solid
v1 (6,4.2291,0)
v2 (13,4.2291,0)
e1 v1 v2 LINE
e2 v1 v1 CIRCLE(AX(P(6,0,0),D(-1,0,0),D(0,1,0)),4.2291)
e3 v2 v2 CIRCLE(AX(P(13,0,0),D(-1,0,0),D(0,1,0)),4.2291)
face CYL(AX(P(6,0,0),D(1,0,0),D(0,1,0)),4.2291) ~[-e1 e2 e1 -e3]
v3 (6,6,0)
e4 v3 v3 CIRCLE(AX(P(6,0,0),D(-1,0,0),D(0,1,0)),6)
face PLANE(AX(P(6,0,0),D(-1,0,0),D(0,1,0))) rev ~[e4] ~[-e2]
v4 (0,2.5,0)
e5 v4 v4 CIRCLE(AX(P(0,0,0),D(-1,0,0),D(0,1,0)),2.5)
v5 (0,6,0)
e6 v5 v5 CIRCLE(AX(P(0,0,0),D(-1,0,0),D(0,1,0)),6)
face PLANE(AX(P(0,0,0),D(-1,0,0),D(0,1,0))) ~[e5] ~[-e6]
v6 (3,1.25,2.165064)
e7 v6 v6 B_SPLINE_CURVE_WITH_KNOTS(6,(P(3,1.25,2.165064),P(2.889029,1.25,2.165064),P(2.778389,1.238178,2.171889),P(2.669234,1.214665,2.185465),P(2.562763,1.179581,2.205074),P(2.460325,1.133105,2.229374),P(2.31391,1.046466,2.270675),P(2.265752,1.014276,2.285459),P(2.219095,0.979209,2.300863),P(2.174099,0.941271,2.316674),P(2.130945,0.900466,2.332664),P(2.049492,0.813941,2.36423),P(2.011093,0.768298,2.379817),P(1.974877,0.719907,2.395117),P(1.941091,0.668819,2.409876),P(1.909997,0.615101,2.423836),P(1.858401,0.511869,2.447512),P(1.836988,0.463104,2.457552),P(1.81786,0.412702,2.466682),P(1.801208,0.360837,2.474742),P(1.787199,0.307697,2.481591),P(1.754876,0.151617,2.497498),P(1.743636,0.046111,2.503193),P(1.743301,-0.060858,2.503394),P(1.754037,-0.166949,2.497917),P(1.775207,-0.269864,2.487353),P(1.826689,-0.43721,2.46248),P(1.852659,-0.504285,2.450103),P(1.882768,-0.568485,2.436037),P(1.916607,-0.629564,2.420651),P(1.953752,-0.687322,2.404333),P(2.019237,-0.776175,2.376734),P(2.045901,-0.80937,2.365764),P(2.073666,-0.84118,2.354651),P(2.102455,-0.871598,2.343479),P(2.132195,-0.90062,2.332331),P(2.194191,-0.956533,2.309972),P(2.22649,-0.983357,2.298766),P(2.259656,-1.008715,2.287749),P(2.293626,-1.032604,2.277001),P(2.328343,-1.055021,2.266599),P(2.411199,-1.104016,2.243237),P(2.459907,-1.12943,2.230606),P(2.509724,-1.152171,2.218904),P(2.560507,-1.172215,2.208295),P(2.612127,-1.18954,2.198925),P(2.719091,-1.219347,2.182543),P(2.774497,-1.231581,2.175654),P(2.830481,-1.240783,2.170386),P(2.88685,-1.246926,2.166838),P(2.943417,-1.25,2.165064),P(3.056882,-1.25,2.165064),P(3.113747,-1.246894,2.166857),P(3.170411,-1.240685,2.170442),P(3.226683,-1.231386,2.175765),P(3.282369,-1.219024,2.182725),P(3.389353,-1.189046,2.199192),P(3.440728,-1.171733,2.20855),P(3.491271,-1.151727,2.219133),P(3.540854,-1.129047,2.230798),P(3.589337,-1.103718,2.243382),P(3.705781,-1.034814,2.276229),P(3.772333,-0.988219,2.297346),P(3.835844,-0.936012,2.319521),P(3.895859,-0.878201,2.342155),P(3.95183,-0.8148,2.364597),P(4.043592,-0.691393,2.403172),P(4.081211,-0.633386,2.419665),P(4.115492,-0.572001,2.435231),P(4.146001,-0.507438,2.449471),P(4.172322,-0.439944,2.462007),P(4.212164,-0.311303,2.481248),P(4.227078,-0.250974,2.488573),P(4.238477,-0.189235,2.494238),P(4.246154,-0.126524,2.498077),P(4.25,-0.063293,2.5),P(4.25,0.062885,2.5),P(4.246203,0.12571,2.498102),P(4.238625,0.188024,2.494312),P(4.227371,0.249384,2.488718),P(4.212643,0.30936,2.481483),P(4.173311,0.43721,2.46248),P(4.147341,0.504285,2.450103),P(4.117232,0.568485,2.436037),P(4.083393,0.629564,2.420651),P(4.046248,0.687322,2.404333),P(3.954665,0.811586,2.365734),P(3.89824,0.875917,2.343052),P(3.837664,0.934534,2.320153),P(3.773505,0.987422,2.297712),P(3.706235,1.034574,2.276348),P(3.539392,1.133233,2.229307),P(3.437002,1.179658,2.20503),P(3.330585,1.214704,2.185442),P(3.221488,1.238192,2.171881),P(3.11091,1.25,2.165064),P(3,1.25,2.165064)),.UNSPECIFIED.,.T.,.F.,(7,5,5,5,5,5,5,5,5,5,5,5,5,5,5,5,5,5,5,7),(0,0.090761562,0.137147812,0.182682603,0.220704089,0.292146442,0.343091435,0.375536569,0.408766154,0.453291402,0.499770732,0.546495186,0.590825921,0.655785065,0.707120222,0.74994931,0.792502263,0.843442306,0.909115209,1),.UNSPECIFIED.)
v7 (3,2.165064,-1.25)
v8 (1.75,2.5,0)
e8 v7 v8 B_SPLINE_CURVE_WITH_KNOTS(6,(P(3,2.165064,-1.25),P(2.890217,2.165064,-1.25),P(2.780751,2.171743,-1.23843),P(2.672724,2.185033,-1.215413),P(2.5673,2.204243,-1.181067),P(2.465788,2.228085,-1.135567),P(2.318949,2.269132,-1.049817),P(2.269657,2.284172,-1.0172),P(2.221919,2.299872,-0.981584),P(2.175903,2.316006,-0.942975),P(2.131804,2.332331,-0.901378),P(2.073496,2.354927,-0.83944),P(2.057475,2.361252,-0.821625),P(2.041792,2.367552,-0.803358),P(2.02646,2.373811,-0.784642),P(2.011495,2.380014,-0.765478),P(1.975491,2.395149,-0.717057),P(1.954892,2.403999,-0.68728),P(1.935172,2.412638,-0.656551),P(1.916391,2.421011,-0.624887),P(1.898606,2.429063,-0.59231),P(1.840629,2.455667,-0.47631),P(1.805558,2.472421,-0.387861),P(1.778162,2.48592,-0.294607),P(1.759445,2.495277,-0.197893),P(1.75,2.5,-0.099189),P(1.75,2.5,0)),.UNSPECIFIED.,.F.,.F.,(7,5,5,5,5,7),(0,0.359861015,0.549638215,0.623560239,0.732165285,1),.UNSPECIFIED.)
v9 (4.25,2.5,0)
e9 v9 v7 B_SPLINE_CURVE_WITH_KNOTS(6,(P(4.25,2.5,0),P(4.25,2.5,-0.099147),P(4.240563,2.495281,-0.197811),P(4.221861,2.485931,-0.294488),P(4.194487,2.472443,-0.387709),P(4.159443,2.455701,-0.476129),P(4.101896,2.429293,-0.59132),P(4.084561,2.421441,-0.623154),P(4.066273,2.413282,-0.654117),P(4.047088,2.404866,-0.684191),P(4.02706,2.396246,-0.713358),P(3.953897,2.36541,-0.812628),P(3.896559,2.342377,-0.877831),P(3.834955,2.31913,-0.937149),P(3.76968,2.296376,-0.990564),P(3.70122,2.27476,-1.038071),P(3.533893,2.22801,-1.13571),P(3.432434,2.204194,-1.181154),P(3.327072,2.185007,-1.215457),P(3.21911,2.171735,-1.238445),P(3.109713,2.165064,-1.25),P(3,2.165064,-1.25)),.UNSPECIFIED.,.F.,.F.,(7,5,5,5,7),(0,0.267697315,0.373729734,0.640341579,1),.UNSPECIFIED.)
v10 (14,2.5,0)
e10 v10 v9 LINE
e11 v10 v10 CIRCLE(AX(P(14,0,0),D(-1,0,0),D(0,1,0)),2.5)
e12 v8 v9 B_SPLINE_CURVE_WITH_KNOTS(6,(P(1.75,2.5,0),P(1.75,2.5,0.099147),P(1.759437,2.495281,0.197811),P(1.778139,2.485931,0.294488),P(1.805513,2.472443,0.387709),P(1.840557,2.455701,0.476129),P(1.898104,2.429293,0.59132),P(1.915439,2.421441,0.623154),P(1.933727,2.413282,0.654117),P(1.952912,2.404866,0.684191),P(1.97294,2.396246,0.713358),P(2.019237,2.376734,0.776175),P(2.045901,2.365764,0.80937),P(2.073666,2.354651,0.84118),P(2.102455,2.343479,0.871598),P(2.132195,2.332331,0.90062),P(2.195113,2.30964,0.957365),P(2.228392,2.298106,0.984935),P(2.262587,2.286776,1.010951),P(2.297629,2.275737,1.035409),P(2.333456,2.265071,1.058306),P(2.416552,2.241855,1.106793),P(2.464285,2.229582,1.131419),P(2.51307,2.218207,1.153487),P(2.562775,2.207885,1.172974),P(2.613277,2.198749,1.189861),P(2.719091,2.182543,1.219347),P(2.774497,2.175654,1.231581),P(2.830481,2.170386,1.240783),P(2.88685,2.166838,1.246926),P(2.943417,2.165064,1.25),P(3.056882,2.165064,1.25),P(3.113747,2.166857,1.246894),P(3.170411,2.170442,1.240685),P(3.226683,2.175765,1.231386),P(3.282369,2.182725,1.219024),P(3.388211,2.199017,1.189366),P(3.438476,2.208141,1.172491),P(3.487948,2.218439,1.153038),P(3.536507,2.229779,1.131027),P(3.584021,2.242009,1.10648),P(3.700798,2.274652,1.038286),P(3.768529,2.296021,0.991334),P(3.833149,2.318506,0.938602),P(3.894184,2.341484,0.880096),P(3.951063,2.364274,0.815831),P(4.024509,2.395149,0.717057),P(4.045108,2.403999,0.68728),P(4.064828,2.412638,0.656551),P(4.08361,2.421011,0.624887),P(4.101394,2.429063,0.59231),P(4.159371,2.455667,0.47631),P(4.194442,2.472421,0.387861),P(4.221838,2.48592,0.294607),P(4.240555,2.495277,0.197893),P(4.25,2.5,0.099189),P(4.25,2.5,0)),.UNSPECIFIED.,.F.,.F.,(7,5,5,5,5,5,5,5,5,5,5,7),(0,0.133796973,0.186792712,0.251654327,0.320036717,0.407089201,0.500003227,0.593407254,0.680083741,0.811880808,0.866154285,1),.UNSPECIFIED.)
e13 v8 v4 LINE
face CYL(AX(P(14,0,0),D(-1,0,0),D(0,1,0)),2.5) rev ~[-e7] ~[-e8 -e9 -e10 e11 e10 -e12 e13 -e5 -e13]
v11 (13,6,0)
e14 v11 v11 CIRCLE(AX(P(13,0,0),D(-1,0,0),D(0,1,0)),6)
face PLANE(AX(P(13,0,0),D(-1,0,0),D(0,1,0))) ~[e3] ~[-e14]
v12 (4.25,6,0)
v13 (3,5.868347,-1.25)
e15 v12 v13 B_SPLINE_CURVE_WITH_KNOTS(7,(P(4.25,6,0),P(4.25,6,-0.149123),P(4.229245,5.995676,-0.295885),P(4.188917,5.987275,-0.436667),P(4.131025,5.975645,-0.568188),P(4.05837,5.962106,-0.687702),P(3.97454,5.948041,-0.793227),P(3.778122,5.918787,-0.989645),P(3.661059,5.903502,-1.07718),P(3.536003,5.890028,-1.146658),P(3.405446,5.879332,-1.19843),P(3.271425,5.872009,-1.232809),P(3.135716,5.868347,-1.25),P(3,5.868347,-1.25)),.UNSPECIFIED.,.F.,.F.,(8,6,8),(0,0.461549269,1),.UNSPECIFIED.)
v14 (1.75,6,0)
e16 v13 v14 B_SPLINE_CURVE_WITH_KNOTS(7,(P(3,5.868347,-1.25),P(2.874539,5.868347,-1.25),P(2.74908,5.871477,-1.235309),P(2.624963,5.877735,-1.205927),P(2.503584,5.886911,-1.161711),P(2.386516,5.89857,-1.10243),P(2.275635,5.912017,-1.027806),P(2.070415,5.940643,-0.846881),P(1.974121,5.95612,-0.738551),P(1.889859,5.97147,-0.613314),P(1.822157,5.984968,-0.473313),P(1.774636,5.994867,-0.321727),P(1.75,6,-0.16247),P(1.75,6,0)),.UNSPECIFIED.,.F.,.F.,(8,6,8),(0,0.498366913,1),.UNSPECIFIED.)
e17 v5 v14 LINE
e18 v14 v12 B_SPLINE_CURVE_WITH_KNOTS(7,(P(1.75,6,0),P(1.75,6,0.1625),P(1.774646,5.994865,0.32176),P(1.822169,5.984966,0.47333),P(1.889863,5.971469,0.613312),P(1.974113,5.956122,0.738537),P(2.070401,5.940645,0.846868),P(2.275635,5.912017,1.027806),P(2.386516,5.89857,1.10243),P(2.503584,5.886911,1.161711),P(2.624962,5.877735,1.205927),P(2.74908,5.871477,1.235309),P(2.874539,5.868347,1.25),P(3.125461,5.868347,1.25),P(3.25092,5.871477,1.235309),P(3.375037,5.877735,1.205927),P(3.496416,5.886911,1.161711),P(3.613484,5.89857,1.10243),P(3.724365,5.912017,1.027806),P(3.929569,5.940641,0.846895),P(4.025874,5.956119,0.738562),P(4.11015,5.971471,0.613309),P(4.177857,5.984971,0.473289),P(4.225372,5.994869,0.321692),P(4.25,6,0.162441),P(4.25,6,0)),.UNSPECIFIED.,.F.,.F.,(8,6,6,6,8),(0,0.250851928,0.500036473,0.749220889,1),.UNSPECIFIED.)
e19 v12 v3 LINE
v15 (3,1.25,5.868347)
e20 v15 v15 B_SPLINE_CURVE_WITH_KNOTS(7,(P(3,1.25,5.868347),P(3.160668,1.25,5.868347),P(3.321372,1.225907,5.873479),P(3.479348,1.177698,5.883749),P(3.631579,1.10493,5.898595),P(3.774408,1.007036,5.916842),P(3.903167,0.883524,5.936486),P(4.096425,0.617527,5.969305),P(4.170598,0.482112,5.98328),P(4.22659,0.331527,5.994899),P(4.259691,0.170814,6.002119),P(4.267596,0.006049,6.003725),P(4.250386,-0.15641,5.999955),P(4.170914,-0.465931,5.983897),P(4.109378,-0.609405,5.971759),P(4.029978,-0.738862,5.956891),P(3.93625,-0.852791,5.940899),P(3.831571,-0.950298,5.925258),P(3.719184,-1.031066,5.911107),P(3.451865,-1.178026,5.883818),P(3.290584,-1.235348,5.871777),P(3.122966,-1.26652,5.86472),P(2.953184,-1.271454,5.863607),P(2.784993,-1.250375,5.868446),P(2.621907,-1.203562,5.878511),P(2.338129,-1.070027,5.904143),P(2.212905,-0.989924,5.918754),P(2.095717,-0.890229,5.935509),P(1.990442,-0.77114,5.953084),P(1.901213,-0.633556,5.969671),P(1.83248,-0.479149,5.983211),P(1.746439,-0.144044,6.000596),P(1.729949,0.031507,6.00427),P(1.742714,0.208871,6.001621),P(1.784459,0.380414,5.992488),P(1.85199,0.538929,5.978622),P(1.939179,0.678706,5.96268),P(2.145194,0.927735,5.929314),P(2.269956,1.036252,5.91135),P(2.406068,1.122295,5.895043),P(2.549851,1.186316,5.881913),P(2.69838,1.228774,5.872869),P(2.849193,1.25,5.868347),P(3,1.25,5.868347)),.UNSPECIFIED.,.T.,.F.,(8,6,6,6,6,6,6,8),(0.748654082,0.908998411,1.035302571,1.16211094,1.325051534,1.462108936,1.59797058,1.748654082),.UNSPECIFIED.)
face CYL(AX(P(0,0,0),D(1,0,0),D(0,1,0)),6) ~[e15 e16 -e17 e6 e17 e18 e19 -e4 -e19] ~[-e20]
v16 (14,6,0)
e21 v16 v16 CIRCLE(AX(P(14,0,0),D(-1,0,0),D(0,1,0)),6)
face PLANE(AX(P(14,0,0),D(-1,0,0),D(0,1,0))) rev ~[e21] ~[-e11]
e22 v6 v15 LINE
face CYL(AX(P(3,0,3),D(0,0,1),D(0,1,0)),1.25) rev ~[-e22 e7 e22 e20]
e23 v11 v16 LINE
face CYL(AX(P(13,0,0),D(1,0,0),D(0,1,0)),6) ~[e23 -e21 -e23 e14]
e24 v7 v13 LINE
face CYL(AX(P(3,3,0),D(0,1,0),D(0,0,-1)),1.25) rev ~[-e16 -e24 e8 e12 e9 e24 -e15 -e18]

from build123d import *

# Parameters (mm, degrees)
SKETCH2_W = 1.25
SKETCH2_H = 6
SKETCH4_W = 1.25
SKETCH4_H = 6


with BuildPart() as part:
    # Sketch1 → Revolve1 (revolve)
    with BuildSketch(Plane.XY):
        Polygon((0, 2.5), (0, 6), (6, 6), (6, 4.2291), (13, 4.2291), (13, 6), (14, 6), (14, 2.5), align=None)
    revolve(axis=Axis((0, 0, 0), (-1, 0, 0)))

    # Sketch2 → M3x0.5 Tapped Hole1 (revolve, cut)
    with BuildSketch(Plane(origin=(3, 0, 0), x_dir=(0, 0, -1), z_dir=(1, 0, 0))):
        with Locations((0.625, 3)):
            Rectangle(SKETCH2_W, SKETCH2_H)
    revolve(axis=Axis((3, -6.35, 0), (0, 1, 0)), mode=Mode.SUBTRACT)

    # Sketch4 → M3x0.5 Tapped Hole2 (revolve, cut)
    with BuildSketch(Plane.YZ.offset(3)):
        with Locations((0.625, 3)):
            Rectangle(SKETCH4_W, SKETCH4_H)
    revolve(axis=Axis((3, 0, -6.35), (0, 0, 1)), mode=Mode.SUBTRACT)


solid = part.part
